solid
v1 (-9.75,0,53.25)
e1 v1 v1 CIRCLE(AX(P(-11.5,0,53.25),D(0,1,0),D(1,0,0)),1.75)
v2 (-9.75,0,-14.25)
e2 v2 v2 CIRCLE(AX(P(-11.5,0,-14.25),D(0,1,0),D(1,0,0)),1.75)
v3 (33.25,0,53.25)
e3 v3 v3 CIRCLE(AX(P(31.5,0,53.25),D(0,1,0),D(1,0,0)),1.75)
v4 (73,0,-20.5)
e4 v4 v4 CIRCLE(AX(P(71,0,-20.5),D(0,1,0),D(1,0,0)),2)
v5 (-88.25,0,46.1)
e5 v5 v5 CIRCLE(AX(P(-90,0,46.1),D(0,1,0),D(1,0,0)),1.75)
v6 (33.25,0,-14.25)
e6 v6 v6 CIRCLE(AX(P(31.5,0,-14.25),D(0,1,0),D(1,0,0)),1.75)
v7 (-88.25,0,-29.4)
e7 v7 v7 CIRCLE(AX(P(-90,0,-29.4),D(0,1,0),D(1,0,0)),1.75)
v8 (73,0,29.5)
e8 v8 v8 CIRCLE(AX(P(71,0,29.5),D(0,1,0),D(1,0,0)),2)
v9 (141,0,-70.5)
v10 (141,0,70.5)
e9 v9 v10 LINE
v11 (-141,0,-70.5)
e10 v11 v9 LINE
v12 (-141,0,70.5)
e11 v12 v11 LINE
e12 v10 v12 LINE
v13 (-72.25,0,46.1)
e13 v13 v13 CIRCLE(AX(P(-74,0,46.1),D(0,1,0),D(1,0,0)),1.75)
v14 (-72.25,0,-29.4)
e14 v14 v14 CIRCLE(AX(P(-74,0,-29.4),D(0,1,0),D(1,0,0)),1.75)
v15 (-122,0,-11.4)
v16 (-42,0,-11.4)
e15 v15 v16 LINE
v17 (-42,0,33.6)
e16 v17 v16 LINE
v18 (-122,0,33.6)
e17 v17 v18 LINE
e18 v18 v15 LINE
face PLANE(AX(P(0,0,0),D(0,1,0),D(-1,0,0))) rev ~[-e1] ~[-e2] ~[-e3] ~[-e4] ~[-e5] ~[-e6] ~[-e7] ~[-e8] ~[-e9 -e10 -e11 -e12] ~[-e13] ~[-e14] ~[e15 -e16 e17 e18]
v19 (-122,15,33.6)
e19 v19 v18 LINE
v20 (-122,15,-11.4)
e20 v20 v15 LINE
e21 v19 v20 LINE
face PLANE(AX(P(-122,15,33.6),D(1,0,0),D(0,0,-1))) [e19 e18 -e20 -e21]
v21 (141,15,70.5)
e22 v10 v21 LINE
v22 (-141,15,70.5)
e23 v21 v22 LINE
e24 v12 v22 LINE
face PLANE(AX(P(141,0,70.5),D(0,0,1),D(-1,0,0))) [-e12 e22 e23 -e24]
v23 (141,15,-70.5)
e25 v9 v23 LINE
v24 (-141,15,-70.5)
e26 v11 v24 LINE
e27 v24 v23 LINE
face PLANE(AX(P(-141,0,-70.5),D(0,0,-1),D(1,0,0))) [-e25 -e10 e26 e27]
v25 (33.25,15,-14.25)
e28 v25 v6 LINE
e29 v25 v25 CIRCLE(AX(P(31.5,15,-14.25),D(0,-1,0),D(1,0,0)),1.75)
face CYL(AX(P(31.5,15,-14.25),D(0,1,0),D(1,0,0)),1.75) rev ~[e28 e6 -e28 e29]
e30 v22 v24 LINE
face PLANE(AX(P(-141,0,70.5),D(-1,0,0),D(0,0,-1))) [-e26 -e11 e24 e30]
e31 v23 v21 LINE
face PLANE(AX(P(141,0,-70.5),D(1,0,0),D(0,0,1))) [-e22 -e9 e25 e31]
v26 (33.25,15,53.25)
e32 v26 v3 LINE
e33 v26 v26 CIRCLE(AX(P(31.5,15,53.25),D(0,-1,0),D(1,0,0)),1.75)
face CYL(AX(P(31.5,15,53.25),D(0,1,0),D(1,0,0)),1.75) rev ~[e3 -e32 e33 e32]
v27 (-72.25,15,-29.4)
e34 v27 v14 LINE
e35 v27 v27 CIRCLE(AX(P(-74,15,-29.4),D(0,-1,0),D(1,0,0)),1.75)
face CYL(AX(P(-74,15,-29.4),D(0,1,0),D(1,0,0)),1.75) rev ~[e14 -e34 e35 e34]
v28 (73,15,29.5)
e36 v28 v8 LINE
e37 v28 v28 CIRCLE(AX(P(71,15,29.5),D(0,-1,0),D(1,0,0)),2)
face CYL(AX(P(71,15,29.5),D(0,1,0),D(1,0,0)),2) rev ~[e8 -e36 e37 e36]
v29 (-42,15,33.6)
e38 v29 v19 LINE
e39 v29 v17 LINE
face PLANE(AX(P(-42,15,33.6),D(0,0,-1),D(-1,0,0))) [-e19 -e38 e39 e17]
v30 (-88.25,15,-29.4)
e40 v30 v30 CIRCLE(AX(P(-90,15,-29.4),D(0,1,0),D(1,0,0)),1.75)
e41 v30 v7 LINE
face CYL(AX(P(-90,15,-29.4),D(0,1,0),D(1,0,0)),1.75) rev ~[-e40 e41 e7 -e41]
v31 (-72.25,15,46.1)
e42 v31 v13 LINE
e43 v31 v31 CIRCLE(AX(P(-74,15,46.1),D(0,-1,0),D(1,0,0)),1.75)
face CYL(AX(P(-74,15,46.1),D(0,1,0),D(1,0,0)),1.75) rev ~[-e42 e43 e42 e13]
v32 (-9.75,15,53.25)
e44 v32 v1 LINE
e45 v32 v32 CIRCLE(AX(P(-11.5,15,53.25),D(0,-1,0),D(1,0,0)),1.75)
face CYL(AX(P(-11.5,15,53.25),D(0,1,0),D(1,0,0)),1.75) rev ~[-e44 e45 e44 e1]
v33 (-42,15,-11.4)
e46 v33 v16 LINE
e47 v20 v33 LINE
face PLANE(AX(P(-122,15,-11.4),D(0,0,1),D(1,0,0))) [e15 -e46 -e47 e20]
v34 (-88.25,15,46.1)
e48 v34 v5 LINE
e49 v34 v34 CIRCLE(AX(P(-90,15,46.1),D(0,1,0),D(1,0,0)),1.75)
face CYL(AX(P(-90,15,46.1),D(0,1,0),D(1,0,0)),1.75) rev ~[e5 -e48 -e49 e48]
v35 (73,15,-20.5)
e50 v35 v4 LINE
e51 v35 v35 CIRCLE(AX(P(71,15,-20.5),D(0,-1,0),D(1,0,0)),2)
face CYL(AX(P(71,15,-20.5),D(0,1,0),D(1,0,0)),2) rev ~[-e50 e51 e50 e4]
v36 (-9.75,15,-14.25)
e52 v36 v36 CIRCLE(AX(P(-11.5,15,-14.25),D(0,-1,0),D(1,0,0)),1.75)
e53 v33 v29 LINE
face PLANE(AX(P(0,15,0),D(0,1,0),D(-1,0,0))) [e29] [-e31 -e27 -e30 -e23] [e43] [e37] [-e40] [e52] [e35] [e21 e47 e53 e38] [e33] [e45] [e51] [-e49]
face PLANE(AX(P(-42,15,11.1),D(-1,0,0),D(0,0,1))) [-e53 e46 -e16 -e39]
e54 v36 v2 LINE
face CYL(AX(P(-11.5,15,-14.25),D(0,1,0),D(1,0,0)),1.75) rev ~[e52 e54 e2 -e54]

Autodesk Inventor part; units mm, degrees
ref_plane "YZ Plane" through (0, 0, 0) normal (1, 0, 0) x (0, 1, 0)
ref_plane "XZ Plane" through (0, 0, 0) normal (0, 1, 0) x (-1, 0, 0)
ref_plane "XY Plane" through (0, 0, 0) normal (0, 0, 1) x (1, 0, 0)
sketch "Sketch1" plane through (0, 0, 0) normal (0, 1, 0) x (-1, 0, 0)
  line L0 (141, -70.5) -> (-141, -70.5)
  line L1 (-141, -70.5) -> (-141, 70.5)
  line L2 (-141, 70.5) -> (141, 70.5)
  line L3 (141, 70.5) -> (141, -70.5)
  line L4 (141, -70.5) -> (-141, 70.5) construction
  line L5 (-141, -70.5) -> (141, 70.5) construction
  point P0 (0, 0)
  dimension "d0" = 282
  dimension "d1" = 141
extrude "RectangleFace" add sketch "Sketch1" along normal blind 15
sketch "Sketch2" plane through (0, 15, 0) normal (0, 1, 0) x (1, 0, 0)
  line L0 (141, 70.5) -> (-141, 70.5) projected
  line L1 (0, 70.5) -> (0, -11.1)
  line L2 (0, -11.1) -> (-82, -11.1)
  line L3 (-122, 11.4) -> (-42, 11.4)
  line L4 (-42, 11.4) -> (-42, -33.6)
  line L5 (-42, -33.6) -> (-122, -33.6)
  line L6 (-122, -33.6) -> (-122, 11.4)
  line L7 (-122, 11.4) -> (-42, -33.6) construction
  line L8 (-42, 11.4) -> (-122, -33.6) construction
  point P0 (0, 0)
  dimension "d4" = 81.6
  dimension "d5" = 82
  dimension "d6" = 80
  dimension "d7" = 45
extrude "RectangularCut" cut sketch "Sketch2" against normal blind 15
sketch "Sketch3" plane through (0, 15, 0) normal (0, 1, 0) x (1, 0, 0)
  line L0 (-42, 11.4) -> (-122, 11.4) projected
  line L1 (-82, 11.4) -> (-82, 29.4)
  line L2 (-122, -33.6) -> (-42, -33.6) projected
  line L3 (-82, -33.6) -> (-82, -46.1)
  line L4 (-82, 29.4) -> (-74, 29.4)
  line L5 (-82, 29.4) -> (-90, 29.4)
  line L6 (-82, -46.1) -> (-74, -46.1)
  line L7 (-82, -46.1) -> (-90, -46.1)
  circle A0 centre (-74, -46.1) radius 1.75
  circle A1 centre (-90, -46.1) radius 1.75
  circle A2 centre (-74, 29.4) radius 1.75
  circle A3 centre (-90, 29.4) radius 1.75
  point P0 (0, 0)
  dimension "d10" = 18
  dimension "d11" = 12.5
  dimension "d12" = 8
  dimension "d13" = 8
  dimension "d14" = 8
  dimension "d15" = 8
  dimension "d16" = 3.5
  dimension "d17" = 3.5
  dimension "d18" = 3.5
  dimension "d19" = 3.5
extrude "AxleSupportHoles" cut sketch "Sketch3" against normal blind 15
sketch "Sketch4" plane through (0, 15, 0) normal (0, 1, 0) x (1, 0, 0)
  line L0 (141, 70.5) -> (-141, 70.5) projected
  line L1 (0, 70.5) -> (0, -19.5)
  line L2 (0, -19.5) -> (10, -19.5)
  line L3 (-15.5, 18.25) -> (35.5, 18.25)
  line L4 (35.5, 18.25) -> (35.5, -57.25)
  line L5 (35.5, -57.25) -> (-15.5, -57.25)
  line L6 (-15.5, -57.25) -> (-15.5, 18.25)
  line L7 (-15.5, 18.25) -> (35.5, -57.25) construction
  line L8 (35.5, 18.25) -> (-15.5, -57.25) construction
  line L9 (-15.5, 18.25) -> (-11.5, 18.25)
  line L10 (-11.5, 18.25) -> (-11.5, 14.25)
  line L11 (35.5, 18.25) -> (31.5, 18.25)
  line L12 (31.5, 18.25) -> (31.5, 14.25)
  line L13 (-15.5, -57.25) -> (-11.5, -57.25)
  line L14 (-11.5, -57.25) -> (-11.5, -53.25)
  line L15 (35.5, -57.25) -> (31.5, -57.25)
  line L16 (31.5, -57.25) -> (31.5, -53.25)
  circle A0 centre (-11.5, -53.25) radius 1.75
  circle A1 centre (31.5, -53.25) radius 1.75
  circle A2 centre (31.5, 14.25) radius 1.75
  circle A3 centre (-11.5, 14.25) radius 1.75
  point P0 (0, 0)
  dimension "d22" = 90
  dimension "d23" = 10
  dimension "d24" = 51
  dimension "d25" = 75.5
  dimension "d26" = 4
  dimension "d27" = 4
  dimension "d28" = 4
  dimension "d29" = 4
  dimension "d30" = 4
  dimension "d31" = 4
  dimension "d32" = 4
  dimension "d33" = 4
  dimension "d34" = 3.5
  dimension "d35" = 3.5
  dimension "d36" = 3.5
  dimension "d37" = 3.5
extrude "DriverHoles" cut sketch "Sketch4" against normal blind 15 contours A0 | A1 | A2 | A3
sketch "Sketch5" plane through (0, 15, 0) normal (0, 1, 0) x (1, 0, 0)
  line L0 (141, 70.5) -> (71, 70.5)
  line L1 (141, 70.5) -> (-141, 70.5) projected
  line L2 (71, 70.5) -> (71, 20.5)
  line L3 (71, 20.5) -> (71, -29.5)
  circle A0 centre (71, 20.5) radius 2
  circle A1 centre (71, -29.5) radius 2
  point P0 (0, 0)
  dimension "d40" = 70
  dimension "d41" = 50
  dimension "d42" = 50
  dimension "d43" = 4
  dimension "d44" = 4
extrude "Extrusion5" cut sketch "Sketch5" against normal blind 15
properties part number "RectangleFifteen1"
